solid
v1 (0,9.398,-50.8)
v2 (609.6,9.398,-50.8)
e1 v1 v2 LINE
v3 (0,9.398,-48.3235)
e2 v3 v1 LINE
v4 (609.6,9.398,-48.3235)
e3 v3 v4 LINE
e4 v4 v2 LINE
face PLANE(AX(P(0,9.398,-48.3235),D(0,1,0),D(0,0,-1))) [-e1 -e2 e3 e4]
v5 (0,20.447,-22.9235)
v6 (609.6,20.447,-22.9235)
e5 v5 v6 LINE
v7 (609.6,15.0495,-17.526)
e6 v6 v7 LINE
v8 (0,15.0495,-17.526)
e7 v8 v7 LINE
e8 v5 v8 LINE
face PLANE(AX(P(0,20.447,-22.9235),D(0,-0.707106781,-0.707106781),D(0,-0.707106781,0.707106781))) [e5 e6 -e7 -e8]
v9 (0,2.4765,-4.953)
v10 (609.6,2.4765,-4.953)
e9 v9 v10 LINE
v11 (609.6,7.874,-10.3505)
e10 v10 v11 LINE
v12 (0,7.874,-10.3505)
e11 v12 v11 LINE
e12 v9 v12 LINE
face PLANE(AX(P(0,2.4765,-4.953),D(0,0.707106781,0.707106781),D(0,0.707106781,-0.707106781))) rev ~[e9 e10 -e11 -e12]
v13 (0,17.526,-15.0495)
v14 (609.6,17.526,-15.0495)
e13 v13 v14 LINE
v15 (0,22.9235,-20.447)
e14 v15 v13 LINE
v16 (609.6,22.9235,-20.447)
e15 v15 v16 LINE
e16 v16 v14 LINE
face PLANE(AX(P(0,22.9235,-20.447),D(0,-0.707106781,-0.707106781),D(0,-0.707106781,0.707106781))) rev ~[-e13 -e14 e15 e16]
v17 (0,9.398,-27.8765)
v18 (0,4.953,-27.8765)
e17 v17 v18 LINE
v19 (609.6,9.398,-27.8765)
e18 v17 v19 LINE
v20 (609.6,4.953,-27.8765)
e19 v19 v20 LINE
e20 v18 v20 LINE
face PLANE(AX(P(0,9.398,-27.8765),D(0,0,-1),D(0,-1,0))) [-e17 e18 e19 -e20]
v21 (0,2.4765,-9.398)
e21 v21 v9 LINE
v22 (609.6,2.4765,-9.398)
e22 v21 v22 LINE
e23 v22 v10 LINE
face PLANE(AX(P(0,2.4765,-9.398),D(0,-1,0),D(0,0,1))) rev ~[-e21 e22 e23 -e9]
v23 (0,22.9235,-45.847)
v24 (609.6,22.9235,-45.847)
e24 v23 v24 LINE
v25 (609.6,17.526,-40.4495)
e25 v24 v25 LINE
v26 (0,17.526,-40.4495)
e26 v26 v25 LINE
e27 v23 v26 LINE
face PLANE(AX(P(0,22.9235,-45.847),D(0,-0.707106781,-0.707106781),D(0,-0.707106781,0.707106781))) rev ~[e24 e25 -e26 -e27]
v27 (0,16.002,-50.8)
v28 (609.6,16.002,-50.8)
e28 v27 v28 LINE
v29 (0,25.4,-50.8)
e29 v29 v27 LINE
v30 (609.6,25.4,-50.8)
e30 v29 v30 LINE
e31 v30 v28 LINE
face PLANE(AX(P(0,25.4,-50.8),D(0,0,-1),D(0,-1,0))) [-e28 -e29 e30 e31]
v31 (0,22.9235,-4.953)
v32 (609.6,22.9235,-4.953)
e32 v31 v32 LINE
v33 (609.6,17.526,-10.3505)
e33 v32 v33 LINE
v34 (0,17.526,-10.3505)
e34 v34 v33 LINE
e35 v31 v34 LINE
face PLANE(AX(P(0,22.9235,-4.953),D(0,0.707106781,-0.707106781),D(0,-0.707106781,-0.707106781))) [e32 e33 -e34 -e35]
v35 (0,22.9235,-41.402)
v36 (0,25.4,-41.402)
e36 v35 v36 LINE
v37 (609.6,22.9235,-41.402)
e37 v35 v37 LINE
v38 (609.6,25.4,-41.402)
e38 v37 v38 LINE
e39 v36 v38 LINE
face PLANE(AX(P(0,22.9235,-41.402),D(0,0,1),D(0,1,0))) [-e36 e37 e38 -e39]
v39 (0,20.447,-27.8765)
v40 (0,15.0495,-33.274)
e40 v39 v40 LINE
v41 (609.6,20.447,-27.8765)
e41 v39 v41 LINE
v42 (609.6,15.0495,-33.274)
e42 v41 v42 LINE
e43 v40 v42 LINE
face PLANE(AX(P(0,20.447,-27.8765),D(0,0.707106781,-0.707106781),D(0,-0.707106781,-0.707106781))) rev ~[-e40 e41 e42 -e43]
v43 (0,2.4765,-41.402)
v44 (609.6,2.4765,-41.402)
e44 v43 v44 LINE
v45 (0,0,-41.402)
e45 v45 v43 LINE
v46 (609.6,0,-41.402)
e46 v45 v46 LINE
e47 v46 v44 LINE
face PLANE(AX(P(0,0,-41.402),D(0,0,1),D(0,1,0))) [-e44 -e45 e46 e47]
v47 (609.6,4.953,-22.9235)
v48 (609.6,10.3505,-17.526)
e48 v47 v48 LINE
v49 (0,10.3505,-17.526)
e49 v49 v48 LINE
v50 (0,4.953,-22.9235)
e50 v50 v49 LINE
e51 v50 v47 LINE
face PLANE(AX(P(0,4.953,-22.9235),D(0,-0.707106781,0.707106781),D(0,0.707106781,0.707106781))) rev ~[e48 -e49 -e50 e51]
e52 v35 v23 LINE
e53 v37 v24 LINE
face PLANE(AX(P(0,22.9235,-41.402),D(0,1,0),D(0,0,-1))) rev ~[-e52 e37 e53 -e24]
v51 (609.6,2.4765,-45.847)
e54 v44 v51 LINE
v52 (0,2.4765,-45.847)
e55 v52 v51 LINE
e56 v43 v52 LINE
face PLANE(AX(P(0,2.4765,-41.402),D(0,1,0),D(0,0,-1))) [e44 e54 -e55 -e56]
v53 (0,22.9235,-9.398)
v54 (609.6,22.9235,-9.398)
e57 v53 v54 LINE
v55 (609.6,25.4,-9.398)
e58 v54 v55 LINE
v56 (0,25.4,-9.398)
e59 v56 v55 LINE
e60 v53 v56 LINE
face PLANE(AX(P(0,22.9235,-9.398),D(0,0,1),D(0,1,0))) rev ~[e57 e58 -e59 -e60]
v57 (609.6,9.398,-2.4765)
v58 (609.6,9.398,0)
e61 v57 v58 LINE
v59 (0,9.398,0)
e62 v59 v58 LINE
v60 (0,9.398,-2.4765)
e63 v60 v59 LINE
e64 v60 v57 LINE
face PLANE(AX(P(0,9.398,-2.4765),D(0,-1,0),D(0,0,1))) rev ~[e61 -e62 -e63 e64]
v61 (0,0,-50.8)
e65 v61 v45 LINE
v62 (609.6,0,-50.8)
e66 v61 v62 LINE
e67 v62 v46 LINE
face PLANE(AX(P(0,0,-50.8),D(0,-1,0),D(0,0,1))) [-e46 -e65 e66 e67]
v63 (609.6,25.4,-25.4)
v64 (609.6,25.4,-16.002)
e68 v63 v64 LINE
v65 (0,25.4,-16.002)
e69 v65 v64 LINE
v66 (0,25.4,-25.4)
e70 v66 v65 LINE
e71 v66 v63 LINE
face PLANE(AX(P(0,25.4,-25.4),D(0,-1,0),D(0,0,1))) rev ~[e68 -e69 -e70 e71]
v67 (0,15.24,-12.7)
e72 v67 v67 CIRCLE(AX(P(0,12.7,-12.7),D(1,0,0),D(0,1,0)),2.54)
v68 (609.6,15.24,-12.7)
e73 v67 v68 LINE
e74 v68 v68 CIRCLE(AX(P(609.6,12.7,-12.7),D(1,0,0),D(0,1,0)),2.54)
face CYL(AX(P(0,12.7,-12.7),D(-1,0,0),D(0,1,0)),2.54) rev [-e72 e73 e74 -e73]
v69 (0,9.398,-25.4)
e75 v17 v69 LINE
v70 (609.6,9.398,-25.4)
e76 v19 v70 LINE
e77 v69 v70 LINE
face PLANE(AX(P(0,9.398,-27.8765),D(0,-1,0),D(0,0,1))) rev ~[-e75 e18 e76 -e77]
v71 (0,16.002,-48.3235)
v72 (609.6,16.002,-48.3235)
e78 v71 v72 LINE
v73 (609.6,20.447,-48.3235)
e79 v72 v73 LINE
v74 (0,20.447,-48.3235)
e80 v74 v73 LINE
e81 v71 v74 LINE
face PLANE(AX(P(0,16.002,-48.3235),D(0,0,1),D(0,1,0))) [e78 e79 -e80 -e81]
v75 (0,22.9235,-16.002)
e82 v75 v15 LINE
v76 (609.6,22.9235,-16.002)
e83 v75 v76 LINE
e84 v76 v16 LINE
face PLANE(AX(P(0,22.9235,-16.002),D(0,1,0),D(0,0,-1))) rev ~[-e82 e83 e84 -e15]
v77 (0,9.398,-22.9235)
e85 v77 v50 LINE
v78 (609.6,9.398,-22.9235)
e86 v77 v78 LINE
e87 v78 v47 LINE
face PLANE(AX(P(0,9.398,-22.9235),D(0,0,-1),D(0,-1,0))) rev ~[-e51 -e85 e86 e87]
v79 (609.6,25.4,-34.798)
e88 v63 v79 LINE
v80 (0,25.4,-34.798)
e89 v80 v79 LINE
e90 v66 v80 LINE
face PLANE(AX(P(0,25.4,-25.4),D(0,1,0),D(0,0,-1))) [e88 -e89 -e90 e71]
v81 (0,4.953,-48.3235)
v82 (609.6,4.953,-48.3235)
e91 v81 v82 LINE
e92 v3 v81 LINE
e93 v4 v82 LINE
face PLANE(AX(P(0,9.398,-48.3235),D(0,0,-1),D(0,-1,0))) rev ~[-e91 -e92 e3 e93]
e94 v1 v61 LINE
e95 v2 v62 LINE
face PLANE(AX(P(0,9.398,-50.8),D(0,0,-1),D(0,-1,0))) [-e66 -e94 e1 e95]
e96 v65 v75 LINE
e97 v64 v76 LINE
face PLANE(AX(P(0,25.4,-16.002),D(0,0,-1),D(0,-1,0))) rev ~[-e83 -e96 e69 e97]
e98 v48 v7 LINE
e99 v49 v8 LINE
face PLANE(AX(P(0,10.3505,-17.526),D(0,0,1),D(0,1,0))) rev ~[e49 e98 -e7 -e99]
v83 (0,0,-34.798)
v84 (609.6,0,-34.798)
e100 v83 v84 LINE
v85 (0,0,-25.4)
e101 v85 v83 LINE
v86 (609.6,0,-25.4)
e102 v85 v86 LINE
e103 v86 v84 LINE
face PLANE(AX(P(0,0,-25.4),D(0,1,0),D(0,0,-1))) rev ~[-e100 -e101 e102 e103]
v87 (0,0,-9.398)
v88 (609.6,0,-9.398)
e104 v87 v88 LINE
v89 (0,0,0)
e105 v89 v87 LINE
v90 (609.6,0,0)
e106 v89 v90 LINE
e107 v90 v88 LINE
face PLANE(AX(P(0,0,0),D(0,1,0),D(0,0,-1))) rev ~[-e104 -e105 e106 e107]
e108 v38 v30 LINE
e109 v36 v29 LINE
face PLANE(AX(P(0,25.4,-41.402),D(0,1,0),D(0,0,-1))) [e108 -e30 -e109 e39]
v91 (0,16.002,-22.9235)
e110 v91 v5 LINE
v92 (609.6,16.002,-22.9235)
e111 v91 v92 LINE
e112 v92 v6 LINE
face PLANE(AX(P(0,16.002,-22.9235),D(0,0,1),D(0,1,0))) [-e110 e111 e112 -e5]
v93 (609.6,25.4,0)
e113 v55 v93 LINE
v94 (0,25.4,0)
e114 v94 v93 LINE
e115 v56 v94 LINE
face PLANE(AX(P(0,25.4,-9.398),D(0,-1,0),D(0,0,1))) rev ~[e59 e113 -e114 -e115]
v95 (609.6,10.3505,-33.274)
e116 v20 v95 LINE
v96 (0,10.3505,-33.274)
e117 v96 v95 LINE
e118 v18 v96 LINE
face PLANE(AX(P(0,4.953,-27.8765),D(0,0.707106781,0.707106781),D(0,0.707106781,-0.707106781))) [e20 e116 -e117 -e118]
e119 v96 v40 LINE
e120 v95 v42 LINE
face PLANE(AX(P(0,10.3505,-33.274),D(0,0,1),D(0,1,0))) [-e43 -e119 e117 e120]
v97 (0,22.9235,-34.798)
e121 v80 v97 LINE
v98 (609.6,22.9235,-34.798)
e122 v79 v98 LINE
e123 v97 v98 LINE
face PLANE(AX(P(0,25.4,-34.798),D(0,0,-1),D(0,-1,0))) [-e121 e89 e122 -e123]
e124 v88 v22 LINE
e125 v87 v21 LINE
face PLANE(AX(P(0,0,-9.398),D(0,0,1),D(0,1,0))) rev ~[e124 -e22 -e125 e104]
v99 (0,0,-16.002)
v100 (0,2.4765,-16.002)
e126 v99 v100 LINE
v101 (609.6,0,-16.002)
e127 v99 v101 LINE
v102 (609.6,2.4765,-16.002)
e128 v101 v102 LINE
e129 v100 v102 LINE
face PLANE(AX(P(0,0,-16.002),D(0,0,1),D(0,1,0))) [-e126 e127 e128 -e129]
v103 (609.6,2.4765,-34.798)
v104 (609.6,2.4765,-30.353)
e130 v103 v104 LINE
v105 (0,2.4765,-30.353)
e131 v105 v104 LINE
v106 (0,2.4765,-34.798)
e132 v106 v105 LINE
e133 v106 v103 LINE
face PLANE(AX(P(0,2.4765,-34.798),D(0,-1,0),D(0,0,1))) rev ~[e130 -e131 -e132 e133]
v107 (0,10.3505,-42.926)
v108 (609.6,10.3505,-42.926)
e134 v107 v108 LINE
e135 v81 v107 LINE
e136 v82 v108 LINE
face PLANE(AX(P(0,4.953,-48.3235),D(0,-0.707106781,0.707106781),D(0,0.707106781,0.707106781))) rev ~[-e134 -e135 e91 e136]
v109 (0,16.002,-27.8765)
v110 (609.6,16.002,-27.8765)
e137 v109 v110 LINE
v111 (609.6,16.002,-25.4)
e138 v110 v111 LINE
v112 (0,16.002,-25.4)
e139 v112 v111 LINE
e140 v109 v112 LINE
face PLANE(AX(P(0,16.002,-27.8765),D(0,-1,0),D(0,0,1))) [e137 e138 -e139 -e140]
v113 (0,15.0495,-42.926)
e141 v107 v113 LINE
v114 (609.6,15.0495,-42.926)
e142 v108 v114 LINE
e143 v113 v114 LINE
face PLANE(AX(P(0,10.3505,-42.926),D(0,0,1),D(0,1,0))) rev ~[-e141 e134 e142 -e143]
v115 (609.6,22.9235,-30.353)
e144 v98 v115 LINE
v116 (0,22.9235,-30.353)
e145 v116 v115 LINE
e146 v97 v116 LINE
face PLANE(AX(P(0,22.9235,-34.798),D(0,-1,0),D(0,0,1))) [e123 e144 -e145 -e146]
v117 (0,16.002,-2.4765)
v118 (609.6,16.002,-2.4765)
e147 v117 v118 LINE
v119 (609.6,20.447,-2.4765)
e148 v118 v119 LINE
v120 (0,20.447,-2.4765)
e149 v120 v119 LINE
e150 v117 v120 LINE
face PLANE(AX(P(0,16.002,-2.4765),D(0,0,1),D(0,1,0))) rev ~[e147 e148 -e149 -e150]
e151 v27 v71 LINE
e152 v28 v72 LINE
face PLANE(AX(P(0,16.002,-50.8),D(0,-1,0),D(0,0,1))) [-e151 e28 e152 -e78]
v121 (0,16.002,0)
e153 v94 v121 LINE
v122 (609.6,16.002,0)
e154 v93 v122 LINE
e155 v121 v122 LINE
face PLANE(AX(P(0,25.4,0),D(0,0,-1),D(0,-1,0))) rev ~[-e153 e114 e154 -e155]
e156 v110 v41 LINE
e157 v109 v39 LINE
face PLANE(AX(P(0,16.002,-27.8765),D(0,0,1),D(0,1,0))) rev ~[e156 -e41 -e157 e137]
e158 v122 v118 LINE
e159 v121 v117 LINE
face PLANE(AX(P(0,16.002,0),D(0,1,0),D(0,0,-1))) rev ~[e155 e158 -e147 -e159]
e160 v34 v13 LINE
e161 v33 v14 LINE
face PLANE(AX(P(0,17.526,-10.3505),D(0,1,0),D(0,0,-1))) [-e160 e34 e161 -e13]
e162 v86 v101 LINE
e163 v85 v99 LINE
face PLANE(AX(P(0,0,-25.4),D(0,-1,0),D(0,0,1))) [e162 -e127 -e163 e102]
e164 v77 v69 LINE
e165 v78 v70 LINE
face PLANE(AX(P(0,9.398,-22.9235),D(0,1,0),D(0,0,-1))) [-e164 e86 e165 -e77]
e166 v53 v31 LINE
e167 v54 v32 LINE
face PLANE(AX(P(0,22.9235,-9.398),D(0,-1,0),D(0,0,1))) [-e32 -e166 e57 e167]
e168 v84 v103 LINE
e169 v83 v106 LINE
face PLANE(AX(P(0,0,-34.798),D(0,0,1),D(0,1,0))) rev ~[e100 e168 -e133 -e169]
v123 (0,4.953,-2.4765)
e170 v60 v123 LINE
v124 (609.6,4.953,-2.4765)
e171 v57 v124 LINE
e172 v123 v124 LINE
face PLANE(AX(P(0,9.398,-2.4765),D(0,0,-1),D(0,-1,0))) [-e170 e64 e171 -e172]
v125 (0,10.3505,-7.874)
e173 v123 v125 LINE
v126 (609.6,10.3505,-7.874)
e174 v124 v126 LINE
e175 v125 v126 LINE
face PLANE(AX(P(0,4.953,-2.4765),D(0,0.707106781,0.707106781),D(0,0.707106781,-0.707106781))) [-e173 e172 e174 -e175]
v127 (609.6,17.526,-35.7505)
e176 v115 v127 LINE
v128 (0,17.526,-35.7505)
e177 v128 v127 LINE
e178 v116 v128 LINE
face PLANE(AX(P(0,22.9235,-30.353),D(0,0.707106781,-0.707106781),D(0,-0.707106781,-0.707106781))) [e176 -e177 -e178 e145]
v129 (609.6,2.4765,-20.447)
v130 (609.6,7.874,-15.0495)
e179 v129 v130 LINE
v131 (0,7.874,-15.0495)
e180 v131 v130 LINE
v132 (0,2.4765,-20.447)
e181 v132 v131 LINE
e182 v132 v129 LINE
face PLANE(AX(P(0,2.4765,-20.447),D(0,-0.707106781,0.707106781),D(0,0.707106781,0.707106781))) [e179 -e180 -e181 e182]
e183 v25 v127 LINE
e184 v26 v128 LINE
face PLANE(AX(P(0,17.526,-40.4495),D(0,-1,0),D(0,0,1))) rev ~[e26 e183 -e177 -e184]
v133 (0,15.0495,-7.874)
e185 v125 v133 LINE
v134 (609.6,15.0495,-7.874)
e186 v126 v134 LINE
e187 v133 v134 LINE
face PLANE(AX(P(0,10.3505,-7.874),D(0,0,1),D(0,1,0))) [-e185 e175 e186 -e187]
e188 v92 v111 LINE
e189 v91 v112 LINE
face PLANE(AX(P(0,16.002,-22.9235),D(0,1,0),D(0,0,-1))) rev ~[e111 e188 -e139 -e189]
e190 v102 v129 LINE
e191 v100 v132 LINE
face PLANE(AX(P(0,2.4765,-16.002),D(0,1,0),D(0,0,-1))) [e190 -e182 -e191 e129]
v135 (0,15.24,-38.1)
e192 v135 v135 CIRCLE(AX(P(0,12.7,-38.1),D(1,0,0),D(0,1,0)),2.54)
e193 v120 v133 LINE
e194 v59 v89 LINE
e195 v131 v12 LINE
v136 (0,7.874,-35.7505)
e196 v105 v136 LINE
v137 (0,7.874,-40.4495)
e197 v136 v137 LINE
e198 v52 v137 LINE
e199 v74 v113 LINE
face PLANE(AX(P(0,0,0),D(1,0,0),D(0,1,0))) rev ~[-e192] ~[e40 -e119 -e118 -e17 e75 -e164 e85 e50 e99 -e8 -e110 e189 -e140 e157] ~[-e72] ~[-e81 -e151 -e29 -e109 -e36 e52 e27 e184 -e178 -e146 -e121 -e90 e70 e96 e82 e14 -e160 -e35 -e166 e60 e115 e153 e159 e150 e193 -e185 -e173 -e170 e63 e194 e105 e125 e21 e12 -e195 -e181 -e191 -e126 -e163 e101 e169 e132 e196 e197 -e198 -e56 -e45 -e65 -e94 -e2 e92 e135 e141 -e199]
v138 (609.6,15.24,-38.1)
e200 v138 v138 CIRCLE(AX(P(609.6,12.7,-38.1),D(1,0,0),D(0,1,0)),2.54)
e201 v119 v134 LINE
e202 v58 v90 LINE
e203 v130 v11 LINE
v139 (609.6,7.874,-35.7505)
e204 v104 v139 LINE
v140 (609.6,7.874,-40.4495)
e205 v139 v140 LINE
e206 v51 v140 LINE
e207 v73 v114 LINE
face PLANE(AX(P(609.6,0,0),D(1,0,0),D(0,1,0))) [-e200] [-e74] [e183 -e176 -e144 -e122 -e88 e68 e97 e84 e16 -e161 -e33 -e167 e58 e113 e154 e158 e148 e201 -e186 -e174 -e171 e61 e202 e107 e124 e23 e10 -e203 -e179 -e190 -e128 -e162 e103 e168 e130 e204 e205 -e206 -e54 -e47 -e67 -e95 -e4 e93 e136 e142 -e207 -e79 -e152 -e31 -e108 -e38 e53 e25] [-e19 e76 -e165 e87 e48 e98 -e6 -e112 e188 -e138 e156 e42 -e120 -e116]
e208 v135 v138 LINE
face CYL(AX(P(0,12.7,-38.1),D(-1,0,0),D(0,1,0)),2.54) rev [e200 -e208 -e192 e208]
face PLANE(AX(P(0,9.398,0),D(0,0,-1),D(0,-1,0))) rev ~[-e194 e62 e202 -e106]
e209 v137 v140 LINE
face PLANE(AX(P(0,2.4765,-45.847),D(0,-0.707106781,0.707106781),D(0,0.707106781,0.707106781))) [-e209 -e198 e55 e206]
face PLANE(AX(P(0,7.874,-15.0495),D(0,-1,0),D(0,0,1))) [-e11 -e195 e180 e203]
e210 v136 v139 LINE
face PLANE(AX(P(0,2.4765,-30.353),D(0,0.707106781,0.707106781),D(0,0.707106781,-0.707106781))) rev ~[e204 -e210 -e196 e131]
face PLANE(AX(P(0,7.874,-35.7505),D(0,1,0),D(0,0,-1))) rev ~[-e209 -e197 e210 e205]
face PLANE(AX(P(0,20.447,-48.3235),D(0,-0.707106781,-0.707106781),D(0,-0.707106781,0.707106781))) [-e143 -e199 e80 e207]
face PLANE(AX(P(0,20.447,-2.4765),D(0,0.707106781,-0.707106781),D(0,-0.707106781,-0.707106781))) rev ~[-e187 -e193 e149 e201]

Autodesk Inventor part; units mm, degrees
ref_plane "YZ Plane" through (0, 0, 0) normal (1, 0, 0) x (0, 1, 0)
ref_plane "XZ Plane" through (0, 0, 0) normal (0, 1, 0) x (-1, 0, 0)
ref_plane "XY Plane" through (0, 0, 0) normal (0, 0, 1) x (1, 0, 0)
sketch "Sketch1" plane through (0, 0, 0) normal (1, 0, 0) x (0, 1, 0)
  line L0 (0, 0) -> (0, -9.398)
  line L1 (0, -9.398) -> (2.4765, -9.398)
  line L2 (9.398, -2.4765) -> (9.398, 0)
  line L3 (9.398, 0) -> (0, 0)
  line L4 (16.002, 0) -> (16.002, -2.4765)
  line L5 (22.9235, -9.398) -> (25.4, -9.398)
  line L6 (25.4, -9.398) -> (25.4, 0)
  line L7 (25.4, 0) -> (16.002, 0)
  line L8 (25.4, -16.002) -> (22.9235, -16.002)
  line L9 (16.002, -22.9235) -> (16.002, -25.4)
  line L10 (25.4, -25.4) -> (25.4, -16.002)
  line L11 (0, -16.002) -> (2.4765, -16.002)
  line L12 (9.398, -22.9235) -> (9.398, -25.4)
  line L13 (0, -25.4) -> (0, -16.002)
  line L14 (22.9235, -9.398) -> (22.9235, -4.953)
  line L15 (16.002, -2.4765) -> (20.447, -2.4765)
  line L16 (20.447, -2.4765) -> (15.0495, -7.874)
  line L17 (20.447, -2.4765) -> (28.0802, -2.4765) construction
  line L18 (22.9235, -4.953) -> (17.526, -10.3505)
  line L19 (22.9235, -16.002) -> (22.9235, -20.447)
  line L20 (22.9235, -20.447) -> (17.526, -15.0495)
  line L21 (16.002, -22.9235) -> (20.447, -22.9235)
  line L22 (20.447, -22.9235) -> (15.0495, -17.526)
  line L23 (2.4765, -16.002) -> (2.4765, -20.447)
  line L24 (2.4765, -20.447) -> (7.874, -15.0495)
  line L25 (9.398, -22.9235) -> (4.953, -22.9235)
  line L26 (4.953, -22.9235) -> (10.3505, -17.526)
  line L27 (9.398, -2.4765) -> (4.953, -2.4765)
  line L28 (4.953, -2.4765) -> (10.3505, -7.874)
  line L29 (2.4765, -9.398) -> (2.4765, -4.953)
  line L30 (2.4765, -4.953) -> (7.874, -10.3505)
  line L31 (10.3505, -7.874) -> (15.0495, -7.874)
  line L32 (17.526, -10.3505) -> (17.526, -15.0495)
  line L33 (10.3505, -17.526) -> (15.0495, -17.526)
  line L34 (7.874, -15.0495) -> (7.874, -10.3505)
  circle A0 centre (12.7, -12.7) radius 2.54
  line L35 (0, -50.8) -> (0, -41.402)
  line L36 (0, -41.402) -> (2.4765, -41.402)
  line L37 (9.398, -48.3235) -> (9.398, -50.8)
  line L38 (9.398, -50.8) -> (0, -50.8)
  line L39 (16.002, -50.8) -> (16.002, -48.3235)
  line L40 (22.9235, -41.402) -> (25.4, -41.402)
  line L41 (25.4, -41.402) -> (25.4, -50.8)
  line L42 (25.4, -50.8) -> (16.002, -50.8)
  line L43 (25.4, -34.798) -> (22.9235, -34.798)
  line L44 (16.002, -27.8765) -> (16.002, -25.4)
  line L45 (25.4, -25.4) -> (25.4, -34.798)
  line L46 (0, -34.798) -> (2.4765, -34.798)
  line L47 (9.398, -27.8765) -> (9.398, -25.4)
  line L48 (0, -25.4) -> (0, -34.798)
  line L49 (22.9235, -41.402) -> (22.9235, -45.847)
  line L50 (16.002, -48.3235) -> (20.447, -48.3235)
  line L51 (20.447, -48.3235) -> (15.0495, -42.926)
  line L52 (20.447, -48.3235) -> (28.0802, -48.3235) construction
  line L53 (22.9235, -45.847) -> (17.526, -40.4495)
  line L54 (22.9235, -34.798) -> (22.9235, -30.353)
  line L55 (22.9235, -30.353) -> (17.526, -35.7505)
  line L56 (16.002, -27.8765) -> (20.447, -27.8765)
  line L57 (20.447, -27.8765) -> (15.0495, -33.274)
  line L58 (2.4765, -34.798) -> (2.4765, -30.353)
  line L59 (2.4765, -30.353) -> (7.874, -35.7505)
  line L60 (9.398, -27.8765) -> (4.953, -27.8765)
  line L61 (4.953, -27.8765) -> (10.3505, -33.274)
  line L62 (9.398, -48.3235) -> (4.953, -48.3235)
  line L63 (4.953, -48.3235) -> (10.3505, -42.926)
  line L64 (2.4765, -41.402) -> (2.4765, -45.847)
  line L65 (2.4765, -45.847) -> (7.874, -40.4495)
  line L66 (10.3505, -42.926) -> (15.0495, -42.926)
  line L67 (17.526, -40.4495) -> (17.526, -35.7505)
  line L68 (10.3505, -33.274) -> (15.0495, -33.274)
  line L69 (7.874, -35.7505) -> (7.874, -40.4495)
  circle A1 centre (12.7, -38.1) radius 2.54
  dimension "d2" = 9.398
  dimension "d3" = 2.4765
  dimension "d7" = 2.4765
  dimension "d10" = 2.4765
  dimension "d11" = 25.4
  dimension "d13" = 2.4765
  dimension "d16" = 2.4765
  dimension "d17" = 9.398
  dimension "d23" = 2.4765
  dimension "d25" = 25.4
  dimension "d32" = 4.445
  dimension "d33" = 4.445
  dimension "d35" = 135
  dimension "d36" = 4.445
  dimension "d37" = 4.445
  dimension "d38" = 2.4765
  dimension "d40" = 4.445
  dimension "d41" = 4.445
  dimension "d42" = 4.445
  dimension "d43" = 4.445
  dimension "d44" = 5.08
extrude "Extrusion1" add sketch "Sketch1" along normal blind 609.6
properties part number "LatX24in1"
